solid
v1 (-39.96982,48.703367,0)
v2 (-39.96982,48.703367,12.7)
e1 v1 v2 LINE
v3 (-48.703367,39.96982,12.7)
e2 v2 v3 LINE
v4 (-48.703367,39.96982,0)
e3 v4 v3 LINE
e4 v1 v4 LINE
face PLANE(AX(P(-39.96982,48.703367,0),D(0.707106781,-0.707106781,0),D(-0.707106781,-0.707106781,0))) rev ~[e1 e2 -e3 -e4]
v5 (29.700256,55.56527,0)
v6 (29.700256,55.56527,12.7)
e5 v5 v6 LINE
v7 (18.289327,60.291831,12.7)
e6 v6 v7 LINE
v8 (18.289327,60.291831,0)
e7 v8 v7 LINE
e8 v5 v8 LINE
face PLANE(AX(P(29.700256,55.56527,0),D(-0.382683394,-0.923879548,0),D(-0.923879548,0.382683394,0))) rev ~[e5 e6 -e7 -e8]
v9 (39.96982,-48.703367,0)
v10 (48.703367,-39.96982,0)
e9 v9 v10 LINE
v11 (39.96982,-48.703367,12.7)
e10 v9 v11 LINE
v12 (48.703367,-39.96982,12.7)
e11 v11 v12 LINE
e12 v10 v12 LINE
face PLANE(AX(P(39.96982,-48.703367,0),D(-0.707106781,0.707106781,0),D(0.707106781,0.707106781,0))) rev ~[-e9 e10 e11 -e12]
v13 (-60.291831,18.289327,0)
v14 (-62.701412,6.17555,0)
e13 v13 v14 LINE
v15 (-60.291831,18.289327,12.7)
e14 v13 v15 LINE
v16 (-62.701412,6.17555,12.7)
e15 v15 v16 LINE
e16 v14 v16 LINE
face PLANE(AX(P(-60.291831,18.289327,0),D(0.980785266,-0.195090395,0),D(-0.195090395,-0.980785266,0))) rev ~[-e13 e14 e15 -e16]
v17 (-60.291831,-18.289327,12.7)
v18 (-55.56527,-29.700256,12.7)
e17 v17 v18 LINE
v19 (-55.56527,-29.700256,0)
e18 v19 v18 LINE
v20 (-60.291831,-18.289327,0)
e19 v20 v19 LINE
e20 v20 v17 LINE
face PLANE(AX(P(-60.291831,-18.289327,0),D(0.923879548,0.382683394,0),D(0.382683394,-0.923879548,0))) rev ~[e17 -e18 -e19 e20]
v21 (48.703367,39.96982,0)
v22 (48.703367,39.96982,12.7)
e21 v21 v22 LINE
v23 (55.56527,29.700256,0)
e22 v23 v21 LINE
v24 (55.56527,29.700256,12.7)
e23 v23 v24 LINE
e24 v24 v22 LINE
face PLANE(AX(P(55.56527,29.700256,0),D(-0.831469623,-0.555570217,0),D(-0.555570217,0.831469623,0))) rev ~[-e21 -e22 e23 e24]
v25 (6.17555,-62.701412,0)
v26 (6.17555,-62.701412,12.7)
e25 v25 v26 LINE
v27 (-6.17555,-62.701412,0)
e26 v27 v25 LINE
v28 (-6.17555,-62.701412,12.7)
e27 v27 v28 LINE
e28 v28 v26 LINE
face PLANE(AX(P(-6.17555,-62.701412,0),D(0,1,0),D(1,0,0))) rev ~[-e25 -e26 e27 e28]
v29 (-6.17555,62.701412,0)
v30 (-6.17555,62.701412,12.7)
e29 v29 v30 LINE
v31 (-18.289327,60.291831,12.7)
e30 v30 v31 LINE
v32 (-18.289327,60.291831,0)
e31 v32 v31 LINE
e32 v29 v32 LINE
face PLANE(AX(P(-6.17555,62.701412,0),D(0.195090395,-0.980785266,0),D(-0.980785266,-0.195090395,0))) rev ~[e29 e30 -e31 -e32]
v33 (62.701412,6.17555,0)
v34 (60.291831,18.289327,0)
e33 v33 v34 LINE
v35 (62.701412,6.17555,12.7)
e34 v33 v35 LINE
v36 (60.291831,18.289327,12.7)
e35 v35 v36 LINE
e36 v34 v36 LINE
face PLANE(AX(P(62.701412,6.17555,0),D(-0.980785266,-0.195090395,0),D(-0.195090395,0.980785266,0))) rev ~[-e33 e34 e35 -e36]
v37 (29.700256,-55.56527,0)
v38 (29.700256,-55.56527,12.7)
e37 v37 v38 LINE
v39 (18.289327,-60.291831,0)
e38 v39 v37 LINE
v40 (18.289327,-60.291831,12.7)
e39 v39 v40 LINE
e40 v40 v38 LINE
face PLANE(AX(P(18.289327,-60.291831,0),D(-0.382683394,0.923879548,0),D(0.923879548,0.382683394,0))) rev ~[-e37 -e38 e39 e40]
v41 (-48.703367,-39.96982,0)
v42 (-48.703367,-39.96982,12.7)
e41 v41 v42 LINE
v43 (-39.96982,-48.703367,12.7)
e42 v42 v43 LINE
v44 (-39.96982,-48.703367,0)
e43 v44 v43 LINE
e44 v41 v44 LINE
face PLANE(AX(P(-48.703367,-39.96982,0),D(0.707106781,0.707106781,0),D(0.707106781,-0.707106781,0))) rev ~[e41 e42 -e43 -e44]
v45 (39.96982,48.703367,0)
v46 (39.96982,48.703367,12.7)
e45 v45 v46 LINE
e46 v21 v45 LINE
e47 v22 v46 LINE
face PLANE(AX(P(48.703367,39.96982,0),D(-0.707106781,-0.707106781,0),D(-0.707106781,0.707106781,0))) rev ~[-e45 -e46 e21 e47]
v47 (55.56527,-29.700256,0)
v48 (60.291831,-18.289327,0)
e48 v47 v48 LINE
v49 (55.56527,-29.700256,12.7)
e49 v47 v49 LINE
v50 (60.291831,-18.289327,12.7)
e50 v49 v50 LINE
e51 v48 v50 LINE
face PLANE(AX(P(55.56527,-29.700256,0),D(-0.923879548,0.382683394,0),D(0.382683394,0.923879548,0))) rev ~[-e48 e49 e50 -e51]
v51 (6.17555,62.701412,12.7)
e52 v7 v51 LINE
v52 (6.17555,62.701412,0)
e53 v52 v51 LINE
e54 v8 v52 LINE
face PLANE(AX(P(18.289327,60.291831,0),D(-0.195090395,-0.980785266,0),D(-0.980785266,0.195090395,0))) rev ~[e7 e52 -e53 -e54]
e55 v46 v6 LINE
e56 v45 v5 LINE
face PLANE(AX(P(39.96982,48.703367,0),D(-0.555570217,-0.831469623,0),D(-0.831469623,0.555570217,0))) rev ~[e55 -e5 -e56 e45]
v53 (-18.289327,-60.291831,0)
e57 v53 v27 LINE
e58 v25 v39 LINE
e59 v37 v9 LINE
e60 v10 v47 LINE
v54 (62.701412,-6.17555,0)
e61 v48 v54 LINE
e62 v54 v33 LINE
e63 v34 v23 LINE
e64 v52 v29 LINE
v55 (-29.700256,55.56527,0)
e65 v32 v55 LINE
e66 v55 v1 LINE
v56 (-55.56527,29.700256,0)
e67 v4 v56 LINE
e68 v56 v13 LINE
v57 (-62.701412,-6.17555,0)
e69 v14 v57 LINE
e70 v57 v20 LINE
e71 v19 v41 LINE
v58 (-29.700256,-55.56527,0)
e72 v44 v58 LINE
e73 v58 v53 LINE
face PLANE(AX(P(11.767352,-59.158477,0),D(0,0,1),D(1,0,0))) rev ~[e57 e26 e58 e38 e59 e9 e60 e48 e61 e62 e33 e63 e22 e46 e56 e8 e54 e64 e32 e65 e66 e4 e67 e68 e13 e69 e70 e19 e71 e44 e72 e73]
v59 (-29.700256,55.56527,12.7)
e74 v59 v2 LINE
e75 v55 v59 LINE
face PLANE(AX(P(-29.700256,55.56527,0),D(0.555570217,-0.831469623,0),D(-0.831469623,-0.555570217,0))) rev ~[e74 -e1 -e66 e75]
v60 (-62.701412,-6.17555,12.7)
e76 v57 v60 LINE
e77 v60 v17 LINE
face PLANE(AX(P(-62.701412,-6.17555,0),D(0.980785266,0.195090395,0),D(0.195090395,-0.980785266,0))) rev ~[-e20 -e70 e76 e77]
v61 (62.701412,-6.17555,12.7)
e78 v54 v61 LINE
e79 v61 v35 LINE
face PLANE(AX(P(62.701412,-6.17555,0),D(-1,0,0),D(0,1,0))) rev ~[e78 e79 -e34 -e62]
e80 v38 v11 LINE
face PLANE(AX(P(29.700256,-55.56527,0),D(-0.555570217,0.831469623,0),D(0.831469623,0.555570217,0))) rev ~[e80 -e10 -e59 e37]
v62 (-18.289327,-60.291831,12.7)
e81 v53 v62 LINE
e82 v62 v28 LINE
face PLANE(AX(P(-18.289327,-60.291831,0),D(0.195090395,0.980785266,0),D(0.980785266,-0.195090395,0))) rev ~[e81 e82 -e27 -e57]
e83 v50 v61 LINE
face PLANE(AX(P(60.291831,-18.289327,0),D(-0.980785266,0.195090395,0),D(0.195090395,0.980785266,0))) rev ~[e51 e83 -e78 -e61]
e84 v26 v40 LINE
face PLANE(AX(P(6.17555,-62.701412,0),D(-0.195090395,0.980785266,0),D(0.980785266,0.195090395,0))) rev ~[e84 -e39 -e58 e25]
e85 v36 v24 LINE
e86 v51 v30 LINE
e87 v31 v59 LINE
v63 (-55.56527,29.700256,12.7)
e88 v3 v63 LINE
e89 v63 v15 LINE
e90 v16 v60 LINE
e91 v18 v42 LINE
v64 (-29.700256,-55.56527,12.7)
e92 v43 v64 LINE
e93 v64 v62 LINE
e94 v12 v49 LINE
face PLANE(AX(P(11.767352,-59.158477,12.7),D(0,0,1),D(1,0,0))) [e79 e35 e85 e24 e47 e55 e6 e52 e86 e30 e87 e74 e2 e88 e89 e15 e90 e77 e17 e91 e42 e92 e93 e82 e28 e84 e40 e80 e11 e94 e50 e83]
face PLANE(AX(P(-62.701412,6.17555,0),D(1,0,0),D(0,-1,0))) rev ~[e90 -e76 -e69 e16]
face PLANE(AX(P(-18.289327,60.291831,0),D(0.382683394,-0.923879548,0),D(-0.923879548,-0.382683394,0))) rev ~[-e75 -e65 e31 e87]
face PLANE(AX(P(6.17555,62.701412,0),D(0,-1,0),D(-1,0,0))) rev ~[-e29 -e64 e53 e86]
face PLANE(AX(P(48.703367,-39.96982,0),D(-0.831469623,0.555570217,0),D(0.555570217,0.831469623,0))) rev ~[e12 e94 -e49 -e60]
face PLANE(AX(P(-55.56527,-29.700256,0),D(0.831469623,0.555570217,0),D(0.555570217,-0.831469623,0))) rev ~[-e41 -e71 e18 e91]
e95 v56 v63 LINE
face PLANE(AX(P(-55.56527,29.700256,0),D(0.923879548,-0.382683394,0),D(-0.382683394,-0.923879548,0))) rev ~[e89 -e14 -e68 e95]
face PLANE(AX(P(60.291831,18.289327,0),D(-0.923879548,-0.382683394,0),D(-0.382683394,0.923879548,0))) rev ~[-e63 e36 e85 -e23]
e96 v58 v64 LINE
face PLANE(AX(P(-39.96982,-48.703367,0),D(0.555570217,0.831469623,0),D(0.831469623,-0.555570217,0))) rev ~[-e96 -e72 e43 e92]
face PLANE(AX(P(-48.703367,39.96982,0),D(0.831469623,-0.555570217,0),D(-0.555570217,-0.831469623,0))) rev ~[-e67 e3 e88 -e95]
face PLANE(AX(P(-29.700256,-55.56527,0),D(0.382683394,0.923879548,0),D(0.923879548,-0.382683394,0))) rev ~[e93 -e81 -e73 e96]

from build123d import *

# Parameters (mm, degrees)
F1_DEPTH = 12.7


with BuildPart() as f1:
    # F0 (on Top) → F1 (new body)
    with BuildSketch(Plane.XY):
        Polygon((6.17555, -62.701412), (18.289327, -60.291831), (16.85737, -55.571301), (5.692037, -57.792224), align=None)
        Polygon((-44.890152, -36.840395), (-48.703367, -39.96982), (-39.96982, -48.703367), (-36.840395, -44.890152), align=None)
        Polygon((-55.571301, -16.85737), (-60.291831, -18.289327), (-55.56527, -29.700256), (-51.214805, -27.374883), align=None)
        Polygon((5.692037, 57.792224), (-5.692037, 57.792224), (-16.85737, 55.571301), (-27.374883, 51.214805), (-36.840395, 44.890152), (-44.890152, 36.840395), (-51.214805, 27.374883), (-55.571301, 16.85737), (-57.792224, 5.692037), (-57.792224, -5.692037), (-55.571301, -16.85737), (-51.214805, -27.374883), (-44.890152, -36.840395), (-36.840395, -44.890152), (-27.374883, -51.214805), (-16.85737, -55.571301), (-5.692037, -57.792224), (5.692037, -57.792224), (16.85737, -55.571301), (27.374883, -51.214805), (36.840395, -44.890152), (44.890152, -36.840395), (51.214805, -27.374883), (55.571301, -16.85737), (57.792224, -5.692037), (57.792224, 5.692037), (55.571301, 16.85737), (51.214805, 27.374883), (44.890152, 36.840395), (36.840395, 44.890152), (27.374883, 51.214805), (16.85737, 55.571301), align=None)
        Polygon((62.701412, -6.17555), (62.701412, 6.17555), (57.792224, 5.692037), (57.792224, -5.692037), align=None)
        Polygon((60.291831, -18.289327), (62.701412, -6.17555), (57.792224, -5.692037), (55.571301, -16.85737), align=None)
        Polygon((-27.374883, -51.214805), (-29.700256, -55.56527), (-18.289327, -60.291831), (-16.85737, -55.571301), align=None)
        Polygon((55.56527, -29.700256), (60.291831, -18.289327), (55.571301, -16.85737), (51.214805, -27.374883), align=None)
        Polygon((18.289327, 60.291831), (6.17555, 62.701412), (5.692037, 57.792224), (16.85737, 55.571301), align=None)
        Polygon((29.700256, 55.56527), (18.289327, 60.291831), (16.85737, 55.571301), (27.374883, 51.214805), align=None)
        Polygon((-57.792224, 5.692037), (-62.701412, 6.17555), (-62.701412, -6.17555), (-57.792224, -5.692037), align=None)
        Polygon((-57.792224, -5.692037), (-62.701412, -6.17555), (-60.291831, -18.289327), (-55.571301, -16.85737), align=None)
        Polygon((-36.840395, 44.890152), (-39.96982, 48.703367), (-48.703367, 39.96982), (-44.890152, 36.840395), align=None)
        Polygon((-27.374883, 51.214805), (-29.700256, 55.56527), (-39.96982, 48.703367), (-36.840395, 44.890152), align=None)
        Polygon((48.703367, 39.96982), (39.96982, 48.703367), (36.840395, 44.890152), (44.890152, 36.840395), align=None)
        Polygon((-16.85737, 55.571301), (-18.289327, 60.291831), (-29.700256, 55.56527), (-27.374883, 51.214805), align=None)
        Polygon((-36.840395, -44.890152), (-39.96982, -48.703367), (-29.700256, -55.56527), (-27.374883, -51.214805), align=None)
        Polygon((39.96982, 48.703367), (29.700256, 55.56527), (27.374883, 51.214805), (36.840395, 44.890152), align=None)
        Polygon((29.700256, -55.56527), (39.96982, -48.703367), (36.840395, -44.890152), (27.374883, -51.214805), align=None)
        Polygon((-51.214805, -27.374883), (-55.56527, -29.700256), (-48.703367, -39.96982), (-44.890152, -36.840395), align=None)
        Polygon((-5.692037, -57.792224), (-6.17555, -62.701412), (6.17555, -62.701412), (5.692037, -57.792224), align=None)
        Polygon((48.703367, -39.96982), (55.56527, -29.700256), (51.214805, -27.374883), (44.890152, -36.840395), align=None)
        Polygon((18.289327, -60.291831), (29.700256, -55.56527), (27.374883, -51.214805), (16.85737, -55.571301), align=None)
        Polygon((39.96982, -48.703367), (48.703367, -39.96982), (44.890152, -36.840395), (36.840395, -44.890152), align=None)
        Polygon((6.17555, 62.701412), (-6.17555, 62.701412), (-5.692037, 57.792224), (5.692037, 57.792224), align=None)
        Polygon((-51.214805, 27.374883), (-55.56527, 29.700256), (-60.291831, 18.289327), (-55.571301, 16.85737), align=None)
        Polygon((55.56527, 29.700256), (48.703367, 39.96982), (44.890152, 36.840395), (51.214805, 27.374883), align=None)
        Polygon((-5.692037, 57.792224), (-6.17555, 62.701412), (-18.289327, 60.291831), (-16.85737, 55.571301), align=None)
        Polygon((-55.571301, 16.85737), (-60.291831, 18.289327), (-62.701412, 6.17555), (-57.792224, 5.692037), align=None)
        Polygon((60.291831, 18.289327), (55.56527, 29.700256), (51.214805, 27.374883), (55.571301, 16.85737), align=None)
        Polygon((62.701412, 6.17555), (60.291831, 18.289327), (55.571301, 16.85737), (57.792224, 5.692037), align=None)
        Polygon((-44.890152, 36.840395), (-48.703367, 39.96982), (-55.56527, 29.700256), (-51.214805, 27.374883), align=None)
        Polygon((-16.85737, -55.571301), (-18.289327, -60.291831), (-6.17555, -62.701412), (-5.692037, -57.792224), align=None)
    extrude(amount=F1_DEPTH)


solid = f1.part
